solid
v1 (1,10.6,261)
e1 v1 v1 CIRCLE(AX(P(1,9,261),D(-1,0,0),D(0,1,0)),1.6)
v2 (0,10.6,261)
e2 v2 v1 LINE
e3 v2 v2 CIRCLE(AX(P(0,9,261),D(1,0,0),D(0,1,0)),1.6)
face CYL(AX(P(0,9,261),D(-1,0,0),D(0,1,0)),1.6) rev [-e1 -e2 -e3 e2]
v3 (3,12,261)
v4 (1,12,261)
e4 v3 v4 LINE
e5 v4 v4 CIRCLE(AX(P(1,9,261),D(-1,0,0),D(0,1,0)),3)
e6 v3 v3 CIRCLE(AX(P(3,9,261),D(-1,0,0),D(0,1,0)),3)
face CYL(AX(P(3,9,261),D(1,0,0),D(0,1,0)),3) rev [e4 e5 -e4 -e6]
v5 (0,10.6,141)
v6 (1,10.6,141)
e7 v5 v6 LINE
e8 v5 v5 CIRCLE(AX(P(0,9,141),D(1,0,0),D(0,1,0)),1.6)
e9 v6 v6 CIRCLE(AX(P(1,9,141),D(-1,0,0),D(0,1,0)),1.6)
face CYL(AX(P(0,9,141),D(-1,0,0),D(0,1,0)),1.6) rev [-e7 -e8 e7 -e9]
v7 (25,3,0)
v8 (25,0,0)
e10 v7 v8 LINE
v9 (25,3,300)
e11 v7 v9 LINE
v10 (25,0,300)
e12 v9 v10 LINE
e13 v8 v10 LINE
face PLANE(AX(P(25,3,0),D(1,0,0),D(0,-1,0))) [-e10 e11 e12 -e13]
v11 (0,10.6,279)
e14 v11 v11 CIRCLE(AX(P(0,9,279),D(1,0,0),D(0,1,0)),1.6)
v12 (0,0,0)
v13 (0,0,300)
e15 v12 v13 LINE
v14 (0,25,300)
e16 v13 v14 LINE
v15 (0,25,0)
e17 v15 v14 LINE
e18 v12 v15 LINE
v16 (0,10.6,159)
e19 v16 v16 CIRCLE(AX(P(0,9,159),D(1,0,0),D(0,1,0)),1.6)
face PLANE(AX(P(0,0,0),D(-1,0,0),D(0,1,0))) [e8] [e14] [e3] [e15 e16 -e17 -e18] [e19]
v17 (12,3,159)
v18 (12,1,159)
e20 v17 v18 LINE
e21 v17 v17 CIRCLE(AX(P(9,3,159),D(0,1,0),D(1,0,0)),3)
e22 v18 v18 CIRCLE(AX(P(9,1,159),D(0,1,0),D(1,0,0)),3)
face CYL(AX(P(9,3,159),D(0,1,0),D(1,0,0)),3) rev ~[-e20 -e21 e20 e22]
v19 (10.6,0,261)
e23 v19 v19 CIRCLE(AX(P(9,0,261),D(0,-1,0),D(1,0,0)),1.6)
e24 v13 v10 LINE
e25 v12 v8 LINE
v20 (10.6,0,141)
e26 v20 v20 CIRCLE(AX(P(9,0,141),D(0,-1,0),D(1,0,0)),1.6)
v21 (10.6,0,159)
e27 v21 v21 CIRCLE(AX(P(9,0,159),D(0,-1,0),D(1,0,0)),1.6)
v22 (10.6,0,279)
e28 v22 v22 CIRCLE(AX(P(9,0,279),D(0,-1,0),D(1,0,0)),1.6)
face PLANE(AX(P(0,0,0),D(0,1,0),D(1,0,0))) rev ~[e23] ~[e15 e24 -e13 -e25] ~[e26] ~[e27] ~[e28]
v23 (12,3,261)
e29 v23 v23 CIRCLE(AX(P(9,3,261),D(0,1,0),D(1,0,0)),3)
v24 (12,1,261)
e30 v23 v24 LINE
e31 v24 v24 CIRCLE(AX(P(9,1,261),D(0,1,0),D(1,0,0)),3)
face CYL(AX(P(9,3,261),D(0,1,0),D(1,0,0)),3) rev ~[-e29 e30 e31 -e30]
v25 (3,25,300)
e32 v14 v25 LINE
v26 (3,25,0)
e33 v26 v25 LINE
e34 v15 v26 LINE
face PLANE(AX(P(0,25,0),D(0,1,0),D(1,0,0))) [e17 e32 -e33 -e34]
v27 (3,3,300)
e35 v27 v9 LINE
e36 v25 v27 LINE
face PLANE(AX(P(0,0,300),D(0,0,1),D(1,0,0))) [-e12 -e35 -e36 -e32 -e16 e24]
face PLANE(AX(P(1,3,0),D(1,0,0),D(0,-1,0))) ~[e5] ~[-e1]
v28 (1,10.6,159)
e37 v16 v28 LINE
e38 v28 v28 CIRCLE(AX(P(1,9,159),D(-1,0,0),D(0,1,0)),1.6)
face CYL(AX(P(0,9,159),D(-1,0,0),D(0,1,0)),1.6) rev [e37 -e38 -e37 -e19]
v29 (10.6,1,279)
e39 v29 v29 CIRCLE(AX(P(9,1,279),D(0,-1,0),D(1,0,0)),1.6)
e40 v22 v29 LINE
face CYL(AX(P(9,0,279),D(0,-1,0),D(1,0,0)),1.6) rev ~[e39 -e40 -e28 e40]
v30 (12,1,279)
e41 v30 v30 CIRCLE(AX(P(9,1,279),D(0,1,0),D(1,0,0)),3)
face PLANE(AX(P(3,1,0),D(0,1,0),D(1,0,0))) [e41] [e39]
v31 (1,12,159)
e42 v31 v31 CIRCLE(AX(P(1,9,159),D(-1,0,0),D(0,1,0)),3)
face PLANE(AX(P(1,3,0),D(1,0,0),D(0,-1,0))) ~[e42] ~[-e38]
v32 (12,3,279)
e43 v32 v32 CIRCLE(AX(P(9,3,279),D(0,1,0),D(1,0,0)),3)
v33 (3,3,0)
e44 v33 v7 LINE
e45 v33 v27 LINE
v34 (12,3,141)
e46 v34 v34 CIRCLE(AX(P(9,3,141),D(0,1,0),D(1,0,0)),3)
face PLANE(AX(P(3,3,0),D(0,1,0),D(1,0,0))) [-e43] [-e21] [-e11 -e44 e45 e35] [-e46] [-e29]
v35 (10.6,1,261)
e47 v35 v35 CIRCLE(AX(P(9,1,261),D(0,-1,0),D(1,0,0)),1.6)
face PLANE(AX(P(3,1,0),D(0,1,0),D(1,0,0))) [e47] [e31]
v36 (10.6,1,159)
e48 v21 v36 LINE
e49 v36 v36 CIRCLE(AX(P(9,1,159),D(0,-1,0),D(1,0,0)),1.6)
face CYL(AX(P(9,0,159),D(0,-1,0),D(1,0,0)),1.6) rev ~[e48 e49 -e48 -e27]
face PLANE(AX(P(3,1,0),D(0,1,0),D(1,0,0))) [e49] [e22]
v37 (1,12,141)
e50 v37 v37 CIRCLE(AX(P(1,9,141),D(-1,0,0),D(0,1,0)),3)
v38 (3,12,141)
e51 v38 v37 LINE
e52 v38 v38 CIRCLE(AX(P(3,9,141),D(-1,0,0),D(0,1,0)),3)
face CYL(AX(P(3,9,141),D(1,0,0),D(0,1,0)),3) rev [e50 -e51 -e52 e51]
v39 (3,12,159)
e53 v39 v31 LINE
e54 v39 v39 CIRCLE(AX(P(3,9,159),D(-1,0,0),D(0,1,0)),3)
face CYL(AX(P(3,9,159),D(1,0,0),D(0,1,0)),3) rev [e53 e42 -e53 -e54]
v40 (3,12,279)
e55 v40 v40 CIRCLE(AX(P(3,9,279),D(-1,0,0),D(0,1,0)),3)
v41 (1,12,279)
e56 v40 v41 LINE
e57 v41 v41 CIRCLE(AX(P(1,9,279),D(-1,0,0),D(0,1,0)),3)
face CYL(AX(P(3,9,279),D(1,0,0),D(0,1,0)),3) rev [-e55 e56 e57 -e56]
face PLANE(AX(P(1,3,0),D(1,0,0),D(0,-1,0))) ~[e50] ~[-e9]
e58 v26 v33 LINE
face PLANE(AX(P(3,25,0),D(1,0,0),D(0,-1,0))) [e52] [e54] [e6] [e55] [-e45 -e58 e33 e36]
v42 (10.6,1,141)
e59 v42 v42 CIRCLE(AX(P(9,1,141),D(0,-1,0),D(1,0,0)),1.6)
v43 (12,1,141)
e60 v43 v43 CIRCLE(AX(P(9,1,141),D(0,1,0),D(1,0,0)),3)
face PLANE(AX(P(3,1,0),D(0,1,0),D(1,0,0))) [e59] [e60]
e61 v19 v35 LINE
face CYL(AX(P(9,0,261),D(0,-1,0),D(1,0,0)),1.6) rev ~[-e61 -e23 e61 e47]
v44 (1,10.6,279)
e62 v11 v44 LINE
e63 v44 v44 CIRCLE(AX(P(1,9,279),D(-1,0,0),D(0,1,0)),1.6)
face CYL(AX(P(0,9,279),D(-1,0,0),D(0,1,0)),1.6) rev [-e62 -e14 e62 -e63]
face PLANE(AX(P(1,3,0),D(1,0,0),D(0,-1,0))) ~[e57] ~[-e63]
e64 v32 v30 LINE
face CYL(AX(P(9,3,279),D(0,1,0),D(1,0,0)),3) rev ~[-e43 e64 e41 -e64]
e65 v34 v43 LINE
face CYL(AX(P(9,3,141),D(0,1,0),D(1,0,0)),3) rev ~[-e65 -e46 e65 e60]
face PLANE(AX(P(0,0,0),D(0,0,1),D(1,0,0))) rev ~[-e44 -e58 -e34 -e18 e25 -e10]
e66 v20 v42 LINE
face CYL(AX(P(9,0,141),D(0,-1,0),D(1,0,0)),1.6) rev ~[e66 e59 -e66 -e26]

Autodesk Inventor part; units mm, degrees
ref_plane "YZ Plane" through (0, 0, 0) normal (1, 0, 0) x (0, 1, 0)
ref_plane "XZ Plane" through (0, 0, 0) normal (0, 1, 0) x (-1, 0, 0)
sketch "Boceto1" plane through (0, 0, 0) normal (0, 0, 1) x (1, 0, 0)
  line L0 (0, 0) -> (0, 25)
  line L1 (0, 0) -> (25, 0)
  line L2 (3, 25) -> (3, 3)
  line L3 (3, 3) -> (25, 3)
  line L4 (0, 25) -> (3, 25)
  line L5 (25, 3) -> (25, 0)
  dimension "d0" = 25
  dimension "d1" = 25
  dimension "d2" = 3
extrude "Extrusión1" add sketch "Boceto1" along normal blind 300
sketch "Boceto2" plane through (0, 0, 0) normal (0, -1, 0) x (1, 0, 0)
  line L0 (0, 0) -> (25, 0) construction
  line L1 (25, 0) -> (25, 300) construction
  line L2 (0, 300) -> (25, 300) construction
  line L3 (0, 0) -> (0, 300) construction
  line L4 (25, 0) -> (25, 300) construction
  line L5 (25, 150) -> (0, 150) construction
  line L6 (25, 300) -> (3, 300) projected
  line L7 (9, 300) -> (9, 0) construction
  circle A0 centre (9, 159) radius 1.6
  circle A1 centre (9, 141) radius 1.6
  circle A2 centre (9, 279) radius 1.6
  circle A3 centre (9, 261) radius 1.6
  line L8 (25, 270) -> (0, 270) construction
  line L9 (0, 0) -> (0, 300) construction
  dimension "d5" = 3.2
  dimension "d6" = 3.2
  dimension "d7" = 18
  dimension "d8" = 9
  dimension "d9" = 3.2
  dimension "d10" = 3.2
  dimension "d11" = 18
  dimension "d12" = 9
  dimension "d13" = 30
  dimension "d14" = 9
extrude "Extrusión2" cut sketch "Boceto2" against normal through all
ref_plane "Plano de trabajo1" through (0, 0, 0) normal (0.7071, -0.7071, 0) x (0, 0, 1)
mirror "Simetría1" about plane through (0, 0, 0) normal (0.7071, -0.7071, 0) of "Extrusión2"
sketch "Boceto3" plane through (3, 3, 0) normal (0, 1, 0) x (1, 0, 0)
  circle A0 centre (6, -279) radius 1.6 construction
  circle A1 centre (6, -141) radius 1.6 construction
  circle A2 centre (6, -159) radius 1.6 construction
  circle A3 centre (6, -261) radius 1.6 construction
  line L0 (22, 0) -> (0, 0) construction
  line L1 (0, 0) -> (0, -300) construction
  line L2 (22, -300) -> (0, -300) construction
  line L3 (22, 0) -> (22, -300) construction
  circle A4 centre (6, -141) radius 1.6 projected
  circle A5 centre (6, -141) radius 3
  circle A6 centre (6, -159) radius 1.6 projected
  circle A7 centre (6, -159) radius 3
  circle A8 centre (6, -261) radius 1.6 projected
  circle A9 centre (6, -261) radius 3
  circle A10 centre (6, -279) radius 1.6 projected
  circle A11 centre (6, -279) radius 3
  point P0 (-3, 0)
  dimension "d17" = 6
  dimension "d18" = 6
  dimension "d19" = 6
  dimension "d20" = 6
extrude "Extrusión3" cut sketch "Boceto3" against normal blind 2 contours A4 | A5 | A6 | A7 | A8 | A9 | A10 | A11
mirror "Simetría2" about plane through (0, 0, 0) normal (0.7071, -0.7071, 0) of "Extrusión3"
equation "\"d8\" = 0.5 * d7"
equation "\"d12\" = 0.5 * d11"
properties part number "caleta_completa"
